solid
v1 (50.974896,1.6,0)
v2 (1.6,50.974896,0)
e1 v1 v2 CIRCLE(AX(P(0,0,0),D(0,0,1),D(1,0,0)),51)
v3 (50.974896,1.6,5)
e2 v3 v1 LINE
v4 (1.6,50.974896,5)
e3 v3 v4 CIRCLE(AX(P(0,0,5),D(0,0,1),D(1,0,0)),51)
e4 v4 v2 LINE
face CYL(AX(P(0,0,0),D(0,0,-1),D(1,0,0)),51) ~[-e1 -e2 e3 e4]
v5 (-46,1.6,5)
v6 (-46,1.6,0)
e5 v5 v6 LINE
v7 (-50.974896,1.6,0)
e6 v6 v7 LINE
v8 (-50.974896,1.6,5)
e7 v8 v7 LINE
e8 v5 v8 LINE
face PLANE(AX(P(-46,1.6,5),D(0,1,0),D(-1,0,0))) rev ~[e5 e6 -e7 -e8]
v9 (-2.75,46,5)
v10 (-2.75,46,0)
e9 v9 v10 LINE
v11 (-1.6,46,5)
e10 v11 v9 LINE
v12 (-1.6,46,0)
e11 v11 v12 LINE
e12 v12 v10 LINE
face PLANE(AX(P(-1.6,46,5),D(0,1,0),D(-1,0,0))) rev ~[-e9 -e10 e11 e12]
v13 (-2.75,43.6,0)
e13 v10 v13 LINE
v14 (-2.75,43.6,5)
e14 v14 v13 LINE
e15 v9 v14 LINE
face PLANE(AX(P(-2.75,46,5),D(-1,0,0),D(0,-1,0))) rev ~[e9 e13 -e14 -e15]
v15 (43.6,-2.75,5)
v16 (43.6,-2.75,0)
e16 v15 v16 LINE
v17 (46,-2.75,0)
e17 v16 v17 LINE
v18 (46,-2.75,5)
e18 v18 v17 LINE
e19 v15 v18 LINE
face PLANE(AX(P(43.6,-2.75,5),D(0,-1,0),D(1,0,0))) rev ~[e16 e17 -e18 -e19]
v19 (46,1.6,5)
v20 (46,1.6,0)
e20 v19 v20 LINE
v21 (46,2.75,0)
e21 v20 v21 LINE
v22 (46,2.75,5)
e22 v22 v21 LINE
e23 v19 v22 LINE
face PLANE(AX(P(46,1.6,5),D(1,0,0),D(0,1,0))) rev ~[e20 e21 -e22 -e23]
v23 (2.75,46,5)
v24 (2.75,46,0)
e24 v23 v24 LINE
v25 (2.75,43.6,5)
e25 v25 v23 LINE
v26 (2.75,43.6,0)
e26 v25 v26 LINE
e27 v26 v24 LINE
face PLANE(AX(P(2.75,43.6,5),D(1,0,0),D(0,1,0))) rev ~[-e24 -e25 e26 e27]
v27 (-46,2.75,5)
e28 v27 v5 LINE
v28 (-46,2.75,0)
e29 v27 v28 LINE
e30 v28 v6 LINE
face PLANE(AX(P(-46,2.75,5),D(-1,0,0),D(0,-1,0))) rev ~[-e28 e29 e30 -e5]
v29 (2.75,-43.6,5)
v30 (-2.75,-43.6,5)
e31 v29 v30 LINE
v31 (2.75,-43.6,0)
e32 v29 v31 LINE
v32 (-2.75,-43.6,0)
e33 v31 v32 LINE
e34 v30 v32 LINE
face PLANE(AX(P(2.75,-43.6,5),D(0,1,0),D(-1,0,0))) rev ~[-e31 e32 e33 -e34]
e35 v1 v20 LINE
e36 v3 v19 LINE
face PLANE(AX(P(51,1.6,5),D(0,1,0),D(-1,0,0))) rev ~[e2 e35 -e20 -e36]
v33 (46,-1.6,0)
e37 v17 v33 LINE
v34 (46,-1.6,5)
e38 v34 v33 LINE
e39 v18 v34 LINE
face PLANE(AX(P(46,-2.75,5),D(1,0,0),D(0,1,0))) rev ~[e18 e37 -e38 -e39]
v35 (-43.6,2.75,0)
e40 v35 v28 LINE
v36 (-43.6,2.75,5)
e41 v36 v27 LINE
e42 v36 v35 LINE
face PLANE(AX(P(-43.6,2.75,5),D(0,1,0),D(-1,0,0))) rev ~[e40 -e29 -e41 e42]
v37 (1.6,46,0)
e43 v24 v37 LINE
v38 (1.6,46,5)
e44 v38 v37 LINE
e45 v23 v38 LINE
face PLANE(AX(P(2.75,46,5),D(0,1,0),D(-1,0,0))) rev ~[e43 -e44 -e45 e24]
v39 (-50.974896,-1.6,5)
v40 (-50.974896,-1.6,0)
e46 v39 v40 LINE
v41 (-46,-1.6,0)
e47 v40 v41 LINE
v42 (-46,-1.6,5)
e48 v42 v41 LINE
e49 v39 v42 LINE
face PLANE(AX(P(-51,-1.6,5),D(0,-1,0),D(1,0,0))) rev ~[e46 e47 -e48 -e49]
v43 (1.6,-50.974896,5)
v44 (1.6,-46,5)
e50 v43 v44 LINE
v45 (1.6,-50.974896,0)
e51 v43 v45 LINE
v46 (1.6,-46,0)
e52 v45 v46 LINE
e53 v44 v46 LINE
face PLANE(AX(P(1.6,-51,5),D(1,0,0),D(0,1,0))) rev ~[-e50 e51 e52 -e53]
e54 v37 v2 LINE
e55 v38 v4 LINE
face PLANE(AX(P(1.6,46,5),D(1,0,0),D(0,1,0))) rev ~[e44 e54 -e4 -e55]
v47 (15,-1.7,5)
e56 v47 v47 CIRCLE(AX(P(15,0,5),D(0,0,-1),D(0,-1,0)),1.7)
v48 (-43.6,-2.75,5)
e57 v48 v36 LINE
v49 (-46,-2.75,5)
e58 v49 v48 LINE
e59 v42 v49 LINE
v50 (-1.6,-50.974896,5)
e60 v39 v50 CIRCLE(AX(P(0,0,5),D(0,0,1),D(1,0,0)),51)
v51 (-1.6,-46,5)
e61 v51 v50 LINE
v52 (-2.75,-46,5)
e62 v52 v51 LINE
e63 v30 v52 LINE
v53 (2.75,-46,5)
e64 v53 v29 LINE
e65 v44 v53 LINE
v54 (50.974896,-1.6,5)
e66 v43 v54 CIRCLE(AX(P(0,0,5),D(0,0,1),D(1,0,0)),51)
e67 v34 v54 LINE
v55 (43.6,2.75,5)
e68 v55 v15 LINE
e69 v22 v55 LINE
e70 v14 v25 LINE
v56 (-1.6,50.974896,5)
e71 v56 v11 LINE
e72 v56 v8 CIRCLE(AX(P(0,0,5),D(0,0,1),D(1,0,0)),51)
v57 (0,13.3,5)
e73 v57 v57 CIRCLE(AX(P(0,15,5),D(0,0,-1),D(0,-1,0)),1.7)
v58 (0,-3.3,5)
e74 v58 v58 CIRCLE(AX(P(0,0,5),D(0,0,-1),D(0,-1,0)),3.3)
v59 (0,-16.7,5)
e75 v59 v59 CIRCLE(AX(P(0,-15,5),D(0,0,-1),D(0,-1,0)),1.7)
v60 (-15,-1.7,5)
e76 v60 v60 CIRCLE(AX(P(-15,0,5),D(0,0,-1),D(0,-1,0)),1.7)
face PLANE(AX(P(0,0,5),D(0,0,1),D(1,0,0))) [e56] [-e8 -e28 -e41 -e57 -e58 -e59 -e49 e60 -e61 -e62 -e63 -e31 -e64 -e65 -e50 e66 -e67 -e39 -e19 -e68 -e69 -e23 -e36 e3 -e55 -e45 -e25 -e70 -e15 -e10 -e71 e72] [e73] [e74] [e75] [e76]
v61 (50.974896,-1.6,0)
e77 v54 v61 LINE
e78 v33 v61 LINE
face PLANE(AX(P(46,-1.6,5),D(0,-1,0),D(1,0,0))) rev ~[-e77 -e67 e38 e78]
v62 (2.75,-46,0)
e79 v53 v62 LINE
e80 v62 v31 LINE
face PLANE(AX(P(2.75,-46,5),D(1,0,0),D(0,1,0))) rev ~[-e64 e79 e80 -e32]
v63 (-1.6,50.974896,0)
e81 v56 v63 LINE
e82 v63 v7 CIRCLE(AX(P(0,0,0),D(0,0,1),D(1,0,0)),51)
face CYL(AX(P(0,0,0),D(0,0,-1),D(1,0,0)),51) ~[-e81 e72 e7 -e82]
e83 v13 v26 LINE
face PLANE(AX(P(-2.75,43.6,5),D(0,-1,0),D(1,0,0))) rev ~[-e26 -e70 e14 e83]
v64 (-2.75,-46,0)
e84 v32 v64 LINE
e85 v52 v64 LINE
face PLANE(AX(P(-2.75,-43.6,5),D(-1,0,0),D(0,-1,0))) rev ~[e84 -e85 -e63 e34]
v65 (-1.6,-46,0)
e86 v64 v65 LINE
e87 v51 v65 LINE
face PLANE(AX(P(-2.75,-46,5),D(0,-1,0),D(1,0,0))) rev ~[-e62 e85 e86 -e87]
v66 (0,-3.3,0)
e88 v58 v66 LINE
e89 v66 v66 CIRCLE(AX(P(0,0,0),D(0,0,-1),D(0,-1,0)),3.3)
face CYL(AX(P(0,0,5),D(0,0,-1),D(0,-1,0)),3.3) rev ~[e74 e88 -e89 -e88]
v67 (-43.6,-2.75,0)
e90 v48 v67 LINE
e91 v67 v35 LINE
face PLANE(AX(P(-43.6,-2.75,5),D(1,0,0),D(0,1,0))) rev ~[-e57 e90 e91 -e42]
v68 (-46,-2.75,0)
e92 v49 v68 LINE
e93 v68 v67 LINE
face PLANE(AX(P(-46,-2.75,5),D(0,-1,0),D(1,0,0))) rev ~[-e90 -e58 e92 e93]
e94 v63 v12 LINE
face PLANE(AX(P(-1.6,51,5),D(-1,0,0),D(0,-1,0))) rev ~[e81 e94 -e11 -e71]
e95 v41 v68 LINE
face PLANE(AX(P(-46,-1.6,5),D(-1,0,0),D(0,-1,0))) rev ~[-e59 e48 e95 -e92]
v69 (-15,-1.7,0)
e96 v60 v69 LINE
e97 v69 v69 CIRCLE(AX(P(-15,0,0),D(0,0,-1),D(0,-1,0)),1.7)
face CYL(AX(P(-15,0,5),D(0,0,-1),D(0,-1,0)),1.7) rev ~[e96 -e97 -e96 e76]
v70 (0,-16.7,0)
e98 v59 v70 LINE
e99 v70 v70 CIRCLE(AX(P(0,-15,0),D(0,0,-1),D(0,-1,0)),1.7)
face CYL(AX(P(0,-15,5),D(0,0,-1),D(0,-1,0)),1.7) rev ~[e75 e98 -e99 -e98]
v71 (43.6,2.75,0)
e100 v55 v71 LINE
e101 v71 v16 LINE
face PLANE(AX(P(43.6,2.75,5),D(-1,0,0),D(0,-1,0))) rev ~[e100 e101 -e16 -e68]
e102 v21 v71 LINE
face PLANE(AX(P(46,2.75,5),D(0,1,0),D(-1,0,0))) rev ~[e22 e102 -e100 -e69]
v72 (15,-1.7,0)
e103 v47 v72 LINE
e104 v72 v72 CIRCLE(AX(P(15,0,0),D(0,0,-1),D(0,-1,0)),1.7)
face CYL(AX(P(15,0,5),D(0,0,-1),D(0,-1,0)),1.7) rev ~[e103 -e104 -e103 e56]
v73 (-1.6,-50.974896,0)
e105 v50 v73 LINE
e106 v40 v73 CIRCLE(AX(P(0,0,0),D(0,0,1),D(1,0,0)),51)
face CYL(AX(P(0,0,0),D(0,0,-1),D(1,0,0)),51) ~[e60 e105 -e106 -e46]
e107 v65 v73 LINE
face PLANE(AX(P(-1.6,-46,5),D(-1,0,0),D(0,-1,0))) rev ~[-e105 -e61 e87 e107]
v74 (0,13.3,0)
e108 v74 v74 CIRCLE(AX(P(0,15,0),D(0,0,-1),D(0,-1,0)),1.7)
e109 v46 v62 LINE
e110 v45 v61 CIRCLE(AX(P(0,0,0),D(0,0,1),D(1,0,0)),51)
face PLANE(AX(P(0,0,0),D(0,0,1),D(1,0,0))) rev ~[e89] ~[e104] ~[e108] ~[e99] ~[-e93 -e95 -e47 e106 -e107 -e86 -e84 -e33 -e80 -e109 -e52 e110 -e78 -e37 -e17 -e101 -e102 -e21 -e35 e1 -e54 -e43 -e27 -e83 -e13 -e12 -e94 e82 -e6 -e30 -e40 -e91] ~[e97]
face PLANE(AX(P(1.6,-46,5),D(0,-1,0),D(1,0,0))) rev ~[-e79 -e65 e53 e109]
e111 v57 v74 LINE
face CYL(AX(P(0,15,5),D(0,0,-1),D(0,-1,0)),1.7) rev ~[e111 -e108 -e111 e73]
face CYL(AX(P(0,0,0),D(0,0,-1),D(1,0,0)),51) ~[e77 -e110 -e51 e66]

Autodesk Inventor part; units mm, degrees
ref_plane "YZ Plane" through (0, 0, 0) normal (1, 0, 0) x (0, 1, 0)
ref_plane "XZ Plane" through (0, 0, 0) normal (0, 1, 0) x (-1, 0, 0)
ref_plane "XY Plane" through (0, 0, 0) normal (0, 0, 1) x (1, 0, 0)
sketch "Sketch1" plane through (0, 0, 0) normal (0, 0, 1) x (1, 0, 0)
  circle A0 centre (0, 0) radius 51
  dimension "d0" = 102
extrude "Extrusion1" add sketch "Sketch1" along normal blind 5
sketch "Sketch2" plane through (0, 0, 5) normal (0, 0, 1) x (1, 0, 0)
  point P0 (0, 0)
  point P1 (0, 0)
hole "Hole1" at (0, 0, 5) direction (0, 0, -1) diameter 6.6 depth 8 tip angle 118 clearance for "Countersunk Flat Head Screw DIN EN ISO 2009" size "M6" standard "DIN"
sketch "Sketch3" plane through (0, 0, 5) normal (0, 0, 1) x (1, 0, 0)
  circle A0 centre (0, 0) radius 15 construction
  point P0 (-15, 0)
  point P1 (0, 15)
  point P2 (15, 0)
  point P3 (0, -15)
  dimension "d10" = 30
hole "Hole2" at (-15, 0, 5) at (0, 15, 5) at (15, 0, 5) at (0, -15, 5) direction (0, 0, -1) diameter 3.4 depth 8 tip angle 118 clearance for "Countersunk Flat Head Screw DIN EN ISO 2009" size "M3" standard "DIN"
sketch "Sketch4" plane through (0, 0, 5) normal (0, 0, 1) x (1, 0, 0)
  line L0 (-51, 1.6) -> (-51, -1.6)
  line L1 (-51, -1.6) -> (-46, -1.6)
  line L2 (-46, -1.6) -> (-46, -2.75)
  line L3 (-46, -2.75) -> (-43.6, -2.75)
  line L4 (-43.6, -2.75) -> (-43.6, 2.75)
  line L5 (-43.6, 2.75) -> (-46, 2.75)
  line L6 (-46, 2.75) -> (-46, 1.6)
  line L7 (-46, 1.6) -> (-51, 1.6)
  line L8 (-1.6, -51) -> (1.6, -51)
  line L9 (1.6, -51) -> (1.6, -46)
  line L10 (1.6, -46) -> (2.75, -46)
  line L11 (2.75, -46) -> (2.75, -43.6)
  line L12 (2.75, -43.6) -> (-2.75, -43.6)
  line L13 (-2.75, -43.6) -> (-2.75, -46)
  line L14 (-2.75, -46) -> (-1.6, -46)
  line L15 (-1.6, -46) -> (-1.6, -51)
  line L16 (51, -1.6) -> (51, 1.6)
  line L17 (51, 1.6) -> (46, 1.6)
  line L18 (46, 1.6) -> (46, 2.75)
  line L19 (46, 2.75) -> (43.6, 2.75)
  line L20 (43.6, 2.75) -> (43.6, -2.75)
  line L21 (43.6, -2.75) -> (46, -2.75)
  line L22 (46, -2.75) -> (46, -1.6)
  line L23 (46, -1.6) -> (51, -1.6)
  line L24 (1.6, 51) -> (-1.6, 51)
  line L25 (-1.6, 51) -> (-1.6, 46)
  line L26 (-1.6, 46) -> (-2.75, 46)
  line L27 (-2.75, 46) -> (-2.75, 43.6)
  line L28 (-2.75, 43.6) -> (2.75, 43.6)
  line L29 (2.75, 43.6) -> (2.75, 46)
  line L30 (2.75, 46) -> (1.6, 46)
  line L31 (1.6, 46) -> (1.6, 51)
  point P0 (0, 0)
  point P1 (-43.6, 0)
  point P2 (-51, 0)
  point P3 (0, -51)
  point P4 (0, -43.6)
  point P5 (51, 0)
  point P6 (43.6, 0)
  point P7 (0, 51)
  point P8 (0, 43.6)
  dimension "d18" = 5.5
  dimension "d19" = 5
  dimension "d20" = 2.4
  dimension "d21" = 3.2
  dimension "d22" = 51
  dimension "d25" = 360
extrude "Extrusion2" cut sketch "Sketch4" against normal through all
equation "\"d27\" = d22"
properties part number "PlexiHalter2" material "Polycarbonate, Clear"
